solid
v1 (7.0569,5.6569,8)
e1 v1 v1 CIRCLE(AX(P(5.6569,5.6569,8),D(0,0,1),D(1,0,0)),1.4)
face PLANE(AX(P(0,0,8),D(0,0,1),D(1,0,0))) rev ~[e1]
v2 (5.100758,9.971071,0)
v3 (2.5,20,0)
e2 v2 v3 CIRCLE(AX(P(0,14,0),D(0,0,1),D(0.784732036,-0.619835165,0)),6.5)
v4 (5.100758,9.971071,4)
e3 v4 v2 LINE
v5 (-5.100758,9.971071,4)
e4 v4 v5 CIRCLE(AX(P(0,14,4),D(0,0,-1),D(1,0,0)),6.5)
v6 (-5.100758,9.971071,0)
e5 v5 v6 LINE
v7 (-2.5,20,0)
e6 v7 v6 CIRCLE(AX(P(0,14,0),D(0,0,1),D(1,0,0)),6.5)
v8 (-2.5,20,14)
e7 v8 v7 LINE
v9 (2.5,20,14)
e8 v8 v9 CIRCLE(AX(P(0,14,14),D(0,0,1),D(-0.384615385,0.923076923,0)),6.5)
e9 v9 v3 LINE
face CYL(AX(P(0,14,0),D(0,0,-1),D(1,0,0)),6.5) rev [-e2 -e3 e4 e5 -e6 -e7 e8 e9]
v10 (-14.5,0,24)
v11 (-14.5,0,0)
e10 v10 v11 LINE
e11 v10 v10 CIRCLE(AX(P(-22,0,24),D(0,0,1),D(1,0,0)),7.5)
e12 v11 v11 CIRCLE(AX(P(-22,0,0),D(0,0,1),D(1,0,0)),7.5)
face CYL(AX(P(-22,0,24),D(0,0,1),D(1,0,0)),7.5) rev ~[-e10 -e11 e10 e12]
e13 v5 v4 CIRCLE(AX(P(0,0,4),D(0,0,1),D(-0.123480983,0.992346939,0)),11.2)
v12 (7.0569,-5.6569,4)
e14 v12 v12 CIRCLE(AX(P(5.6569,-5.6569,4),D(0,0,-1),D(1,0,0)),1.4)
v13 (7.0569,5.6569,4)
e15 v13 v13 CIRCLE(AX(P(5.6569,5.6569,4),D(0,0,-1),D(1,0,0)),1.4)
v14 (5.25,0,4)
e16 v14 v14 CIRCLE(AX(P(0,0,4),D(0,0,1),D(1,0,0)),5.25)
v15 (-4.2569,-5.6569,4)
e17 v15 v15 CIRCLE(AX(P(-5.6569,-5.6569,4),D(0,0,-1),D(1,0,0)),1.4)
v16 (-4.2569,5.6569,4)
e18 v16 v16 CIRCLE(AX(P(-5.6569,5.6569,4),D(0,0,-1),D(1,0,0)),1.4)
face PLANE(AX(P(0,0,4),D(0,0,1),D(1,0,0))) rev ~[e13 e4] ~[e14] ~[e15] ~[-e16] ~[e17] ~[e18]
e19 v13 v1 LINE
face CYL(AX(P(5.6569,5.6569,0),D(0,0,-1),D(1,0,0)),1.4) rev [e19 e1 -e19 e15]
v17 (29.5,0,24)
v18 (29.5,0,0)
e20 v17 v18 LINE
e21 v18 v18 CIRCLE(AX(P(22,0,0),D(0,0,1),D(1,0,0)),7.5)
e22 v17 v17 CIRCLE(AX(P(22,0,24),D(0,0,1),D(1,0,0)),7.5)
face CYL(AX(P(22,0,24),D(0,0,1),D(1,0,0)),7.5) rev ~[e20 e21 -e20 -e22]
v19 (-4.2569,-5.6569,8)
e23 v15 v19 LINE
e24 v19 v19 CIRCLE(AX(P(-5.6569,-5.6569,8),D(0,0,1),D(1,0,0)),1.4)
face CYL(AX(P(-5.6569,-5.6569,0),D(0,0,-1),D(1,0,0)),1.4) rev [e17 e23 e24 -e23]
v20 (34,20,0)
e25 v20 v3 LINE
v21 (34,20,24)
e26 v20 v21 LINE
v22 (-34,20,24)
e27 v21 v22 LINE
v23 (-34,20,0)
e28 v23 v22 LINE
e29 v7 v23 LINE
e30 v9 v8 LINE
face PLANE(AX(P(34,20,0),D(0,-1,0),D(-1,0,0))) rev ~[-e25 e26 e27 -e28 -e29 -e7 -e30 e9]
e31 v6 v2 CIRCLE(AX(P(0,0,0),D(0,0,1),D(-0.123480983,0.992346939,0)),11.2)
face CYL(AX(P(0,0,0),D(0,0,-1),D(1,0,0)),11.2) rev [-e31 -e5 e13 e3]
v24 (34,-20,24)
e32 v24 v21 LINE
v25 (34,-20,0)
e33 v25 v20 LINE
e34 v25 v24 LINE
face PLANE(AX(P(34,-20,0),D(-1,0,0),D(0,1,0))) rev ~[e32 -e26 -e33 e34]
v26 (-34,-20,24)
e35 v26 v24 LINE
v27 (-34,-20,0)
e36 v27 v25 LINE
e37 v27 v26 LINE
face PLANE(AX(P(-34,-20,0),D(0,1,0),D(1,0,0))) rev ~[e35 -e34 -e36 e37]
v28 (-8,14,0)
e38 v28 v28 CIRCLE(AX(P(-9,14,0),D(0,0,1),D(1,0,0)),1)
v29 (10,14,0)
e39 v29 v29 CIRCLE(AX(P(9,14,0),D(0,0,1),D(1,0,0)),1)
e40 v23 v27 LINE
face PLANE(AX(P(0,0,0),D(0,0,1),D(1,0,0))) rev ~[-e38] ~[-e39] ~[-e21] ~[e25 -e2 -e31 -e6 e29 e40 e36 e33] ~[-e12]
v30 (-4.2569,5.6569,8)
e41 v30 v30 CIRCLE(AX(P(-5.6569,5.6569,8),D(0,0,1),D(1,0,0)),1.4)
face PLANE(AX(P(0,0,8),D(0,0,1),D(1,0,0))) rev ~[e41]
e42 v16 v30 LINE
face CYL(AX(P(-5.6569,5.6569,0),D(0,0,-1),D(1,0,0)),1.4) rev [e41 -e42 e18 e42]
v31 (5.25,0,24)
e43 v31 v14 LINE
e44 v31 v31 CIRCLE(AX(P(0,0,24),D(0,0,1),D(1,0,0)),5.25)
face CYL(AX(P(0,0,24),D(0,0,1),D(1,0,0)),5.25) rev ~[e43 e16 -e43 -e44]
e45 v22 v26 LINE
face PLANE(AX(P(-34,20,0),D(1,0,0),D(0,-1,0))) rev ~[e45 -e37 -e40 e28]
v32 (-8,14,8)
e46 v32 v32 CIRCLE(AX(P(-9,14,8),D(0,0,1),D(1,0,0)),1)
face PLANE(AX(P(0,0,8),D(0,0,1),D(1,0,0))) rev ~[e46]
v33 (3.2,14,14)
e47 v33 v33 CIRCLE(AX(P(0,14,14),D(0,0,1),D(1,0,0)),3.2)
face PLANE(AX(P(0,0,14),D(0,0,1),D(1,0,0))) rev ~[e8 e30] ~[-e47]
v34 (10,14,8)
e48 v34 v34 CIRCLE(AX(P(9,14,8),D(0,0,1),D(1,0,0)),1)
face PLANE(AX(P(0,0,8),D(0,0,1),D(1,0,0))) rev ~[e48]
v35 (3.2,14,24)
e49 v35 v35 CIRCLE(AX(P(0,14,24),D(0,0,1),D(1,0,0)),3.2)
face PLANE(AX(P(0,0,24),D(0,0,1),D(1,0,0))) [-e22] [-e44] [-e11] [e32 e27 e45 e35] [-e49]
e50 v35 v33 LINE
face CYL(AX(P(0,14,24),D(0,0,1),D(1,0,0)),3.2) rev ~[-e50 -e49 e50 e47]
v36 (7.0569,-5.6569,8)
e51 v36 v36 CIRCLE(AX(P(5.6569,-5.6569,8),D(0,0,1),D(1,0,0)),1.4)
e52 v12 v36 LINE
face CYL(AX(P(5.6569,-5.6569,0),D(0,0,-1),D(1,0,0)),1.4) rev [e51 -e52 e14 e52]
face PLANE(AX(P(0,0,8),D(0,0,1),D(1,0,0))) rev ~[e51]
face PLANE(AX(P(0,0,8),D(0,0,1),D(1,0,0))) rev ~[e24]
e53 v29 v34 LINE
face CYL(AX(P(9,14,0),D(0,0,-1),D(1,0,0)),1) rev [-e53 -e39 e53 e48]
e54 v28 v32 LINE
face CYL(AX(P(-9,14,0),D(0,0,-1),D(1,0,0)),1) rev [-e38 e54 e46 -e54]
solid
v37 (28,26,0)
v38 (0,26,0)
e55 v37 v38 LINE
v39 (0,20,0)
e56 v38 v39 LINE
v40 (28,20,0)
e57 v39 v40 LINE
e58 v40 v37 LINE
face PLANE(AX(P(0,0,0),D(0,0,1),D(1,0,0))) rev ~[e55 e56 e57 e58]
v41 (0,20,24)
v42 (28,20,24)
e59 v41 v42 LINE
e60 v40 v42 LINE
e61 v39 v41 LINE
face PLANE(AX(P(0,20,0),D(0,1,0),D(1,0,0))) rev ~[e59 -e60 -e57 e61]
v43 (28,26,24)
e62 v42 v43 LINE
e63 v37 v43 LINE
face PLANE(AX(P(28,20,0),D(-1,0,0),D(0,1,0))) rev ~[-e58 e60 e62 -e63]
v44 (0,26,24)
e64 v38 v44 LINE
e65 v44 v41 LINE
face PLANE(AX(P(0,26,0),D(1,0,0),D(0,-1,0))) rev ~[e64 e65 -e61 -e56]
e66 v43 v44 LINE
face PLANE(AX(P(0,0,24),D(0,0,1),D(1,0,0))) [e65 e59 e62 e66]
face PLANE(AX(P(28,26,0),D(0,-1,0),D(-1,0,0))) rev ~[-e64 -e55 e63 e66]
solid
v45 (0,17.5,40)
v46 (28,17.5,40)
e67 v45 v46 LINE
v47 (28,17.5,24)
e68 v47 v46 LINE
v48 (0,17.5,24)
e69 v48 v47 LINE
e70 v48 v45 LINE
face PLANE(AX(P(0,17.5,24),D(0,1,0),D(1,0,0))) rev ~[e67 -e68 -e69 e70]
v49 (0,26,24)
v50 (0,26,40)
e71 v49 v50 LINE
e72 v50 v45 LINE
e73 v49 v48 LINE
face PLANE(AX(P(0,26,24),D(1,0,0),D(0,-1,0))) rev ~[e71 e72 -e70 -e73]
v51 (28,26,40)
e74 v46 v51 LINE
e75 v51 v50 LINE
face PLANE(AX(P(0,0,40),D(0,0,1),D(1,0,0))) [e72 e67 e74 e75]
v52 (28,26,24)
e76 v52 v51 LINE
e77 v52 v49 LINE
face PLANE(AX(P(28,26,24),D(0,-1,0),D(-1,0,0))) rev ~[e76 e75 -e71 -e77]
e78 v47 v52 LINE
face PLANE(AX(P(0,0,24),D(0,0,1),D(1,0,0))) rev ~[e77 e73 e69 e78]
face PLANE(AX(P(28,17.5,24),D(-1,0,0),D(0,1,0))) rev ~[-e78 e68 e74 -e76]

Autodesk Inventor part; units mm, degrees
ref_plane "YZ Plane" through (0, 0, 0) normal (1, 0, 0) x (0, 1, 0)
sketch "Skizze1" plane through (0, 0, 0) normal (0, 0, 1) x (1, 0, 0)
  line L0 (-34, -20) -> (34, -20)
  line L1 (34, -20) -> (34, 20)
  line L2 (34, 20) -> (-34, 20)
  line L3 (-34, 20) -> (-34, -20)
extrude "Extrusion1" add sketch "Skizze1" along normal blind 24
sketch "Skizze2" plane through (0, 0, 0) normal (0, 0, 1) x (1, 0, 0)
  line L0 (0, 20) -> (28, 20)
  line L1 (28, 20) -> (28, 26)
  line L2 (28, 26) -> (0, 26)
  line L3 (0, 26) -> (0, 20)
extrude "Extrusion2" add sketch "Skizze2" along normal blind 24 separate body
ref_plane "Arbeitsebene1" through (0, 0, 24) normal (0, 0, 1) x (1, 0, 0)
sketch "Skizze3" plane through (0, 0, 24) normal (0, 0, 1) x (1, 0, 0)
  line L0 (0, 17.5) -> (28, 17.5)
  line L1 (28, 17.5) -> (28, 26)
  line L2 (28, 26) -> (0, 26)
  line L3 (0, 26) -> (0, 17.5)
extrude "Extrusion3" add sketch "Skizze3" along normal blind 16 separate body
sketch "Skizze4" plane through (0, 0, 24) normal (0, 0, 1) x (1, 0, 0)
  circle A0 centre (-22, 0) radius 7.5
extrude "Extrusion4" cut sketch "Skizze4" against normal blind 24.2 bodies 1
sketch "Skizze5" plane through (0, 0, 24) normal (0, 0, 1) x (1, 0, 0)
  circle A0 centre (22, 0) radius 7.5
extrude "Extrusion5" cut sketch "Skizze5" against normal blind 24.2 bodies 1
sketch "Skizze6" plane through (0, 0, 24) normal (0, 0, 1) x (1, 0, 0)
  circle A0 centre (0, 0) radius 5.25
extrude "Extrusion6" cut sketch "Skizze6" against normal blind 24.2 bodies 1
sketch "Skizze7" plane through (0, 0, 24) normal (0, 0, 1) x (1, 0, 0)
  circle A0 centre (0, 14) radius 3.2
extrude "Extrusion7" cut sketch "Skizze7" against normal blind 24.2 bodies 1
sketch "Skizze8" plane through (0, 0, 0) normal (0, 0, 1) x (1, 0, 0)
  circle A0 centre (0, 0) radius 11.2
extrude "Extrusion8" cut sketch "Skizze8" along normal blind 4 bodies 1
sketch "Skizze9" plane through (0, 0, 0) normal (0, 0, 1) x (1, 0, 0)
  circle A0 centre (5.6569, 5.6569) radius 1.4
extrude "Extrusion9" cut sketch "Skizze9" along normal blind 8 bodies 1
sketch "Skizze10" plane through (0, 0, 0) normal (0, 0, 1) x (1, 0, 0)
  circle A0 centre (-5.6569, 5.6569) radius 1.4
extrude "Extrusion10" cut sketch "Skizze10" along normal blind 8 bodies 1
sketch "Skizze11" plane through (0, 0, 0) normal (0, 0, 1) x (1, 0, 0)
  circle A0 centre (-5.6569, -5.6569) radius 1.4
extrude "Extrusion11" cut sketch "Skizze11" along normal blind 8 bodies 1
sketch "Skizze12" plane through (0, 0, 0) normal (0, 0, 1) x (1, 0, 0)
  circle A0 centre (5.6569, -5.6569) radius 1.4
extrude "Extrusion12" cut sketch "Skizze12" along normal blind 8 bodies 1
sketch "Skizze13" plane through (0, 0, 0) normal (0, 0, 1) x (1, 0, 0)
  circle A0 centre (0, 14) radius 6.5
extrude "Extrusion13" cut sketch "Skizze13" along normal blind 14 bodies 1
sketch "Skizze14" plane through (0, 0, 0) normal (0, 0, 1) x (1, 0, 0)
  circle A0 centre (-9, 14) radius 1
extrude "Extrusion14" cut sketch "Skizze14" along normal blind 8 bodies 1
sketch "Skizze15" plane through (0, 0, 0) normal (0, 0, 1) x (1, 0, 0)
  circle A0 centre (9, 14) radius 1
extrude "Extrusion15" cut sketch "Skizze15" along normal blind 8 bodies 1
ref_plane "Arbeitsebene2" through (0, 17.5, 0) normal (0, 1, 0) x (-1, 0, 0)
sketch "Skizze16" plane through (0, 17.5, 0) normal (0, 1, 0) x (-1, 0, 0)
  line L0 (1.3, 30) -> (4.5, 30)
  line L1 (4.5, 30) -> (4.5, 38)
  line L2 (4.5, 38) -> (1.3, 38)
  line L3 (1.3, 38) -> (1.3, 30)
extrude "Extrusion16" cut sketch "Skizze16" along normal blind 8.7 bodies 1
sketch "Skizze17" plane through (0, 17.5, 0) normal (0, 1, 0) x (-1, 0, 0)
  line L0 (23.5, 30) -> (26.7, 30)
  line L1 (26.7, 30) -> (26.7, 38)
  line L2 (26.7, 38) -> (23.5, 38)
  line L3 (23.5, 38) -> (23.5, 30)
extrude "Extrusion17" cut sketch "Skizze17" along normal blind 8.7 bodies 1
properties part number "Taster_Schlitten"
